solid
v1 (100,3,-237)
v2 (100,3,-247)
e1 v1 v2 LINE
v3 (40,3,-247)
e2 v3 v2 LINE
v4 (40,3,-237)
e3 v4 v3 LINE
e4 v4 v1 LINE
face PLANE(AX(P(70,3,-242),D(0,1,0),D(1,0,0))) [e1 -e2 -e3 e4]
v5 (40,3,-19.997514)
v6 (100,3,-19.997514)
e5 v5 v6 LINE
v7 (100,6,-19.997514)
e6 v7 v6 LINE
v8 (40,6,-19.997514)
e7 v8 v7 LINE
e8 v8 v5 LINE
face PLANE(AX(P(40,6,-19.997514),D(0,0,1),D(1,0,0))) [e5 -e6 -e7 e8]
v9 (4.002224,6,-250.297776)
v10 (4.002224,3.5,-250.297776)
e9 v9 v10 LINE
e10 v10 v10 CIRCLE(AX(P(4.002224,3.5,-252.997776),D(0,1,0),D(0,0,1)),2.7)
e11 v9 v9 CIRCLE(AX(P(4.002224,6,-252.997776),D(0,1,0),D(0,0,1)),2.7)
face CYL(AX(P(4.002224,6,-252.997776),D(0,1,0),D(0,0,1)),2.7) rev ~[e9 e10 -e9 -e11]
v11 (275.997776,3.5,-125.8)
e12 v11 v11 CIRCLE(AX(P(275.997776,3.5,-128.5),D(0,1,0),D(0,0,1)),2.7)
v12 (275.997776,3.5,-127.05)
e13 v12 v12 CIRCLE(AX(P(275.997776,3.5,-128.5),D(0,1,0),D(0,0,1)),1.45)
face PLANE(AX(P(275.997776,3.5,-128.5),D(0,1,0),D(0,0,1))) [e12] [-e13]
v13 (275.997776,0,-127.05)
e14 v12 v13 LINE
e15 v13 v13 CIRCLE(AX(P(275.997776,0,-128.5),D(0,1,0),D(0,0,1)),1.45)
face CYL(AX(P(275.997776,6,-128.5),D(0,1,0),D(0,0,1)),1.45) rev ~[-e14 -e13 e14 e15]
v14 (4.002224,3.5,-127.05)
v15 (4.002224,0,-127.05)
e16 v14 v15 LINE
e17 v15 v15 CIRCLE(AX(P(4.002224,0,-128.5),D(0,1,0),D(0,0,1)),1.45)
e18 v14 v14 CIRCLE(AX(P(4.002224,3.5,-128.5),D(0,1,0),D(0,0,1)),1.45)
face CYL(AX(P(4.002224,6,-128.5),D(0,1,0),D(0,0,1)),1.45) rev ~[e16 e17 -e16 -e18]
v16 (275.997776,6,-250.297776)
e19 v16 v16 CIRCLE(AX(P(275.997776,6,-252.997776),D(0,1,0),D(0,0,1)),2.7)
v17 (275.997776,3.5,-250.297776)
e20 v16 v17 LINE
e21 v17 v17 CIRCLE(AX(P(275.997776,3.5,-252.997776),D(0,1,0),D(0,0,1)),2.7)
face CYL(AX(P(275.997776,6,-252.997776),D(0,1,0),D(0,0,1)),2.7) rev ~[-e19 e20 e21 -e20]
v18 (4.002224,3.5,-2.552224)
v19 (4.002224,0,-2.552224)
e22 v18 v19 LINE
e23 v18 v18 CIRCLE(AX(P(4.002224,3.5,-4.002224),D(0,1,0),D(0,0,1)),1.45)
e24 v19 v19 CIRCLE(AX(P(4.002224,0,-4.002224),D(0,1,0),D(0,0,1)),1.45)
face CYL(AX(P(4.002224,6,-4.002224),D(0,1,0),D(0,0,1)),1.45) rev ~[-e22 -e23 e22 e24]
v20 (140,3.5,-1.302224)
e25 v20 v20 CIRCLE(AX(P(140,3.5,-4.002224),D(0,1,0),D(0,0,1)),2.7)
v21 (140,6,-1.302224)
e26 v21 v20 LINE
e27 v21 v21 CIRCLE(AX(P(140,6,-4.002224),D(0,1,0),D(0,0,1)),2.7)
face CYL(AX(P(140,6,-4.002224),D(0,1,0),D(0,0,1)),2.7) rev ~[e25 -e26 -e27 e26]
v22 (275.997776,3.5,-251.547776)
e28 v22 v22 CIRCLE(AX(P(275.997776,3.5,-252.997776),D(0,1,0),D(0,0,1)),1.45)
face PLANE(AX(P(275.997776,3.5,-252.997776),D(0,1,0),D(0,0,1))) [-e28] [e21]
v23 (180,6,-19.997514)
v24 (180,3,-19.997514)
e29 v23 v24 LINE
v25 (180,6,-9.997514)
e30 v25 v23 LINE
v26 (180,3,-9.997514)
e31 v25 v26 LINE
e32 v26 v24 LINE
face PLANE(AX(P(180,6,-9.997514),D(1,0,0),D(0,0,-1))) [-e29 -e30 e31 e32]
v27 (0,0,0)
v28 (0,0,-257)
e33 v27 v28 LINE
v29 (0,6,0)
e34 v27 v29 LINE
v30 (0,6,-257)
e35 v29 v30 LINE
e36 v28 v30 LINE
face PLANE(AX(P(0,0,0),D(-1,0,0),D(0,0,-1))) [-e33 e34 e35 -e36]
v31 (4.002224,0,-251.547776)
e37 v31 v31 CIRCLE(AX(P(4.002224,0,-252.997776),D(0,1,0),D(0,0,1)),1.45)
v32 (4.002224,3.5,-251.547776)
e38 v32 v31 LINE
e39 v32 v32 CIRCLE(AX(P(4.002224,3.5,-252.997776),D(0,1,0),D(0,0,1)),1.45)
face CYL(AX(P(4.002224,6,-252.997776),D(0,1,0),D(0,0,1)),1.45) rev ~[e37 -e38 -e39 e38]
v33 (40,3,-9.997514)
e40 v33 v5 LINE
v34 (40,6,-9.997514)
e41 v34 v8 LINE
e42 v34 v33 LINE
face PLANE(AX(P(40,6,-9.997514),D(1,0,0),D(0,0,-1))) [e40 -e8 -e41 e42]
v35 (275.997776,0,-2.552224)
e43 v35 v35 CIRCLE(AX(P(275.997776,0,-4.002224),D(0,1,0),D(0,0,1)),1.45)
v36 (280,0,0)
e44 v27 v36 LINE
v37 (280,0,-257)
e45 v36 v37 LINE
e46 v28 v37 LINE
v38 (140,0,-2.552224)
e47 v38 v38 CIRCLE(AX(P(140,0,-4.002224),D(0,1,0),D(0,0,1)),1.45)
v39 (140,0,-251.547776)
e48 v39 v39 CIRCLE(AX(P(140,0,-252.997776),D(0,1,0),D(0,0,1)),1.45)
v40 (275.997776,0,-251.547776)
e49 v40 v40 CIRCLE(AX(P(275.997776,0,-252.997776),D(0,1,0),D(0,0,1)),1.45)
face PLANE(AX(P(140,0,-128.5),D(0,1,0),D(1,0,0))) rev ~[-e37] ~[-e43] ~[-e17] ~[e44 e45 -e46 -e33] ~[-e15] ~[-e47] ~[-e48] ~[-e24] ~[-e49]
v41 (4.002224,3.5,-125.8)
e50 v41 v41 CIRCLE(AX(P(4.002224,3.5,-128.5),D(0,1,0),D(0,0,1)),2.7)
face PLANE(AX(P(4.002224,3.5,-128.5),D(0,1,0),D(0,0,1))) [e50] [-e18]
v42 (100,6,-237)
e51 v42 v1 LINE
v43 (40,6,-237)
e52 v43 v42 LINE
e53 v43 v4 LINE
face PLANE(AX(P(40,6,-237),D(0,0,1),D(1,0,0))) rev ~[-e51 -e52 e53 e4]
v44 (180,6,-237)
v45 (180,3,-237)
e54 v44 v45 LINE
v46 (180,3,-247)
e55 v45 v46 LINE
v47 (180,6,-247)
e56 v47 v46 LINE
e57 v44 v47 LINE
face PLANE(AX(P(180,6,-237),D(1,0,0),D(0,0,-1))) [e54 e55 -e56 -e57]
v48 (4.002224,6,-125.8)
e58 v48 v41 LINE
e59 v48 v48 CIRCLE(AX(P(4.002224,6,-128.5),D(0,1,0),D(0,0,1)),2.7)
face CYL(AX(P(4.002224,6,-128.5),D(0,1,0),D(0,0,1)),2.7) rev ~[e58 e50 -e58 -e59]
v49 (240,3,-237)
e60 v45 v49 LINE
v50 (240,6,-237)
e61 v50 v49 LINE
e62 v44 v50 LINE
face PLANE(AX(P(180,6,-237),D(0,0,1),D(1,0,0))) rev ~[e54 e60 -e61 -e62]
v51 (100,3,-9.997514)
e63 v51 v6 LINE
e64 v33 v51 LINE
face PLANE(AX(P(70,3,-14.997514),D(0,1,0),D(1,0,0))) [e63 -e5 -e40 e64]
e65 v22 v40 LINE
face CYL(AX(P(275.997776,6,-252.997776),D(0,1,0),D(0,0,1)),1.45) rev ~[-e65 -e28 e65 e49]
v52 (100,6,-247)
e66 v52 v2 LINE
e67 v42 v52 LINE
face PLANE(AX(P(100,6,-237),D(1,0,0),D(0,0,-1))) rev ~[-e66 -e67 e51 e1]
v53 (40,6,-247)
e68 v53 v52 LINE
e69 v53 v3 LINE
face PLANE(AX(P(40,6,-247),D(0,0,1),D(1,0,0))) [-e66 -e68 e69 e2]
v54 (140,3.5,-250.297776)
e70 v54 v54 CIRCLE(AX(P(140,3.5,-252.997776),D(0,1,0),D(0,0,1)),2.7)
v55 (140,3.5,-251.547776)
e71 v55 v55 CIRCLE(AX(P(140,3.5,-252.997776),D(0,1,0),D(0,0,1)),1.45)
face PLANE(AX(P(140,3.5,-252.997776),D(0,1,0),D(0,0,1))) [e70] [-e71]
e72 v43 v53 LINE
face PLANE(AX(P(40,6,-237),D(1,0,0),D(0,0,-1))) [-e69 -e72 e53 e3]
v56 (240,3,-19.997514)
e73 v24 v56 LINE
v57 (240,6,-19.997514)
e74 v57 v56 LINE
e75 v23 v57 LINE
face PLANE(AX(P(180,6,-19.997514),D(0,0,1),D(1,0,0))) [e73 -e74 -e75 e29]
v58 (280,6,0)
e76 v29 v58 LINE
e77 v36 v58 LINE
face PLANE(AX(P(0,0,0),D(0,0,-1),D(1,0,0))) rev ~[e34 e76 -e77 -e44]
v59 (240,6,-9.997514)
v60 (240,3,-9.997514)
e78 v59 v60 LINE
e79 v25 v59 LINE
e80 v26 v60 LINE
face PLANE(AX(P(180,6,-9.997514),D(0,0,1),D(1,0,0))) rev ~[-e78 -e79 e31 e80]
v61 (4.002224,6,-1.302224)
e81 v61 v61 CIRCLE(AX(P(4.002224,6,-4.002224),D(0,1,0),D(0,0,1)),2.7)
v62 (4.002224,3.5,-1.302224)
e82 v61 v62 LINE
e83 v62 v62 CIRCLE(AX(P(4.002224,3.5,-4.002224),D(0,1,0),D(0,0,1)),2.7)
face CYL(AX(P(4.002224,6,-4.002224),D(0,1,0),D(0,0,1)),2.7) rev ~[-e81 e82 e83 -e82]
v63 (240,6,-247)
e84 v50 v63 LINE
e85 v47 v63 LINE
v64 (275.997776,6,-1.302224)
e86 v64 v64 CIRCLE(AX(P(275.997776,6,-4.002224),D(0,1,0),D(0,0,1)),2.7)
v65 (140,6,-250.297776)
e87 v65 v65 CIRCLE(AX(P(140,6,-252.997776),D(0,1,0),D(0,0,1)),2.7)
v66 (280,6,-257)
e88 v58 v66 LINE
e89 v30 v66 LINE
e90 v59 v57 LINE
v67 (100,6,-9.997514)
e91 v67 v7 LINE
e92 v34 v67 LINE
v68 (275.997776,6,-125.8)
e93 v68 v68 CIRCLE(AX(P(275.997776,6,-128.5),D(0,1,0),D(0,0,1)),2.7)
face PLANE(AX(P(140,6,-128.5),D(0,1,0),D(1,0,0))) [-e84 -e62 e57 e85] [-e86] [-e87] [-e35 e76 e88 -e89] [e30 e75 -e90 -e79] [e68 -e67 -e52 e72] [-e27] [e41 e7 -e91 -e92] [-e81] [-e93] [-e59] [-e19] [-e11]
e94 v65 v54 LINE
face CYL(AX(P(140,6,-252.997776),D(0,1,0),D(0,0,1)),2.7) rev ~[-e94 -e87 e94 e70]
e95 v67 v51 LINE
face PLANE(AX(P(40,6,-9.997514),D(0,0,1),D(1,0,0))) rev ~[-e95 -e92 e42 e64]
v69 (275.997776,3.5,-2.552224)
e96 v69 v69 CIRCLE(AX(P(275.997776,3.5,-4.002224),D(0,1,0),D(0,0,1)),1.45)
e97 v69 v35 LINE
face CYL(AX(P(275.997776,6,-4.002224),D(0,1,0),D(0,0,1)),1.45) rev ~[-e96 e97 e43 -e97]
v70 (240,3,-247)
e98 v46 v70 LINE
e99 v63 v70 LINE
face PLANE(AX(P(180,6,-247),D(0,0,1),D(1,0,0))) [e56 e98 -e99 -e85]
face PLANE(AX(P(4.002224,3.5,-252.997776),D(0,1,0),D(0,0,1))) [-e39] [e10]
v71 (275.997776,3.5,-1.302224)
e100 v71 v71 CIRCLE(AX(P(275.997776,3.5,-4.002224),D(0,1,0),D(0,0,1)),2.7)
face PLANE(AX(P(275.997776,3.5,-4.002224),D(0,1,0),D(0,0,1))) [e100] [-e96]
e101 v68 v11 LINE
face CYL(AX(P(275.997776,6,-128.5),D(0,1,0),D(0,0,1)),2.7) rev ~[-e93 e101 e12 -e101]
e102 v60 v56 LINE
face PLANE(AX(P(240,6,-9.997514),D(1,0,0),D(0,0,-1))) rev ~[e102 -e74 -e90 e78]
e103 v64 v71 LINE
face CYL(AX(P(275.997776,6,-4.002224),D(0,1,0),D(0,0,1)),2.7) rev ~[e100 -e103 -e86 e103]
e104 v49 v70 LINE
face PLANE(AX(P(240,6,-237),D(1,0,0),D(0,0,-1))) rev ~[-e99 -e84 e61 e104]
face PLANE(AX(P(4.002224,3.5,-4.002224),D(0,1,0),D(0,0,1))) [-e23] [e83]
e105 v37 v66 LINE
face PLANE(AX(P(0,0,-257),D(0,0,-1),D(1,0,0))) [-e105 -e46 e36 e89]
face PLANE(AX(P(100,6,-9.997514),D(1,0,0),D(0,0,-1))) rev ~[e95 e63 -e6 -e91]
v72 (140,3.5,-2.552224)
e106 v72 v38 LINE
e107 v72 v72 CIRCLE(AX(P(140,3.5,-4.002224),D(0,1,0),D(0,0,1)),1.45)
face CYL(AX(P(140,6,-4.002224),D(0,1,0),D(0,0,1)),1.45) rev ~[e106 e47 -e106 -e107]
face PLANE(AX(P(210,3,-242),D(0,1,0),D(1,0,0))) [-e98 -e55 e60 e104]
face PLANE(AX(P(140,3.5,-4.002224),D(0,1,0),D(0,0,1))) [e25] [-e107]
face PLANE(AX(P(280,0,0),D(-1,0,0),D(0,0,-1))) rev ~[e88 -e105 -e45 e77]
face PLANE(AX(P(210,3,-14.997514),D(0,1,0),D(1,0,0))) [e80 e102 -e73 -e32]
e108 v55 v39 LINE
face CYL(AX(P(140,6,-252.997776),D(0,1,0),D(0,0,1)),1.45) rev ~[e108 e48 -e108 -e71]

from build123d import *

# Parameters (mm, degrees)
SKETCH1_W           = 280
SKETCH1_H           = 257
BOSS_EXTRUDE2_DEPTH = 6
SKETCH3_R           = 1.45
CUT_EXTRUDE1_DEPTH  = 381.111825651
SKETCH4_R           = 2.7
CUT_EXTRUDE4_DEPTH  = 2.5
SKETCH8_W           = 60
SKETCH8_H           = 10
CUT_EXTRUDE5_DEPTH  = 3


with BuildPart() as part:
    # Sketch1 → Boss-Extrude2 (new body)
    with BuildSketch(Plane(origin=(0, 0, 0), x_dir=(1, 0, 0), z_dir=(0, 1, 0))):
        with Locations((140, 128.5)):
            Rectangle(SKETCH1_W, SKETCH1_H)
    extrude(amount=BOSS_EXTRUDE2_DEPTH)

    # Sketch3 → Cut-Extrude1 (cut, through all)
    with BuildSketch(Plane(origin=(0, 6, 0), x_dir=(1, 0, 0), z_dir=(0, 1, 0))):
        with Locations(Location((4.002224382, 252.997775618, 0), (0, 0, 270))):
            Circle(SKETCH3_R)
        with Locations(Location((275.997775618, 252.997775618, 0), (0, 0, 270))):
            Circle(SKETCH3_R)
        with Locations(Location((4.002224382, 4.002224382, 0), (0, 0, 270))):
            Circle(SKETCH3_R)
        with Locations(Location((275.997775618, 4.002224382, 0), (0, 0, 270))):
            Circle(SKETCH3_R)
        with Locations(Location((4.002224382, 128.5, 0), (0, 0, 270))):
            Circle(SKETCH3_R)
        with Locations(Location((275.997775618, 128.5, 0), (0, 0, 270))):
            Circle(SKETCH3_R)
        with Locations(Location((140, 4.002224382, 0), (0, 0, 270))):
            Circle(SKETCH3_R)
        with Locations(Location((140, 252.997775618, 0), (0, 0, 270))):
            Circle(SKETCH3_R)
    extrude(amount=-CUT_EXTRUDE1_DEPTH, mode=Mode.SUBTRACT)

    # Sketch4 → Cut-Extrude4 (cut)
    with BuildSketch(Plane(origin=(0, 6, 0), x_dir=(1, 0, 0), z_dir=(0, 1, 0))):
        with Locations(Location((4.002224382, 4.002224382, 0), (0, 0, 270))):
            Circle(SKETCH4_R)
        with Locations(Location((4.002224382, 252.997775618, 0), (0, 0, 270))):
            Circle(SKETCH4_R)
        with Locations(Location((275.997775618, 252.997775618, 0), (0, 0, 270))):
            Circle(SKETCH4_R)
        with Locations(Location((275.997775618, 4.002224382, 0), (0, 0, 270))):
            Circle(SKETCH4_R)
        with Locations(Location((4.002224382, 128.5, 0), (0, 0, 270))):
            Circle(SKETCH4_R)
        with Locations(Location((275.997775618, 128.5, 0), (0, 0, 270))):
            Circle(SKETCH4_R)
        with Locations(Location((140, 252.997775618, 0), (0, 0, 270))):
            Circle(SKETCH4_R)
        with Locations(Location((140, 4.002224382, 0), (0, 0, 270))):
            Circle(SKETCH4_R)
    extrude(amount=-CUT_EXTRUDE4_DEPTH, mode=Mode.SUBTRACT)

    # Sketch8 → Cut-Extrude5 (cut)
    with BuildSketch(Plane(origin=(0, 6, 0), x_dir=(1, 0, 0), z_dir=(0, 1, 0))):
        with Locations((70, 242)):
            Rectangle(SKETCH8_W, SKETCH8_H)
        with Locations((70, 14.997514144)):
            Rectangle(SKETCH8_W, SKETCH8_H)
        with Locations((210, 14.997514144)):
            Rectangle(SKETCH8_W, SKETCH8_H)
        with Locations((210, 242)):
            Rectangle(SKETCH8_W, SKETCH8_H)
    extrude(amount=-CUT_EXTRUDE5_DEPTH, mode=Mode.SUBTRACT)


solid = part.part
